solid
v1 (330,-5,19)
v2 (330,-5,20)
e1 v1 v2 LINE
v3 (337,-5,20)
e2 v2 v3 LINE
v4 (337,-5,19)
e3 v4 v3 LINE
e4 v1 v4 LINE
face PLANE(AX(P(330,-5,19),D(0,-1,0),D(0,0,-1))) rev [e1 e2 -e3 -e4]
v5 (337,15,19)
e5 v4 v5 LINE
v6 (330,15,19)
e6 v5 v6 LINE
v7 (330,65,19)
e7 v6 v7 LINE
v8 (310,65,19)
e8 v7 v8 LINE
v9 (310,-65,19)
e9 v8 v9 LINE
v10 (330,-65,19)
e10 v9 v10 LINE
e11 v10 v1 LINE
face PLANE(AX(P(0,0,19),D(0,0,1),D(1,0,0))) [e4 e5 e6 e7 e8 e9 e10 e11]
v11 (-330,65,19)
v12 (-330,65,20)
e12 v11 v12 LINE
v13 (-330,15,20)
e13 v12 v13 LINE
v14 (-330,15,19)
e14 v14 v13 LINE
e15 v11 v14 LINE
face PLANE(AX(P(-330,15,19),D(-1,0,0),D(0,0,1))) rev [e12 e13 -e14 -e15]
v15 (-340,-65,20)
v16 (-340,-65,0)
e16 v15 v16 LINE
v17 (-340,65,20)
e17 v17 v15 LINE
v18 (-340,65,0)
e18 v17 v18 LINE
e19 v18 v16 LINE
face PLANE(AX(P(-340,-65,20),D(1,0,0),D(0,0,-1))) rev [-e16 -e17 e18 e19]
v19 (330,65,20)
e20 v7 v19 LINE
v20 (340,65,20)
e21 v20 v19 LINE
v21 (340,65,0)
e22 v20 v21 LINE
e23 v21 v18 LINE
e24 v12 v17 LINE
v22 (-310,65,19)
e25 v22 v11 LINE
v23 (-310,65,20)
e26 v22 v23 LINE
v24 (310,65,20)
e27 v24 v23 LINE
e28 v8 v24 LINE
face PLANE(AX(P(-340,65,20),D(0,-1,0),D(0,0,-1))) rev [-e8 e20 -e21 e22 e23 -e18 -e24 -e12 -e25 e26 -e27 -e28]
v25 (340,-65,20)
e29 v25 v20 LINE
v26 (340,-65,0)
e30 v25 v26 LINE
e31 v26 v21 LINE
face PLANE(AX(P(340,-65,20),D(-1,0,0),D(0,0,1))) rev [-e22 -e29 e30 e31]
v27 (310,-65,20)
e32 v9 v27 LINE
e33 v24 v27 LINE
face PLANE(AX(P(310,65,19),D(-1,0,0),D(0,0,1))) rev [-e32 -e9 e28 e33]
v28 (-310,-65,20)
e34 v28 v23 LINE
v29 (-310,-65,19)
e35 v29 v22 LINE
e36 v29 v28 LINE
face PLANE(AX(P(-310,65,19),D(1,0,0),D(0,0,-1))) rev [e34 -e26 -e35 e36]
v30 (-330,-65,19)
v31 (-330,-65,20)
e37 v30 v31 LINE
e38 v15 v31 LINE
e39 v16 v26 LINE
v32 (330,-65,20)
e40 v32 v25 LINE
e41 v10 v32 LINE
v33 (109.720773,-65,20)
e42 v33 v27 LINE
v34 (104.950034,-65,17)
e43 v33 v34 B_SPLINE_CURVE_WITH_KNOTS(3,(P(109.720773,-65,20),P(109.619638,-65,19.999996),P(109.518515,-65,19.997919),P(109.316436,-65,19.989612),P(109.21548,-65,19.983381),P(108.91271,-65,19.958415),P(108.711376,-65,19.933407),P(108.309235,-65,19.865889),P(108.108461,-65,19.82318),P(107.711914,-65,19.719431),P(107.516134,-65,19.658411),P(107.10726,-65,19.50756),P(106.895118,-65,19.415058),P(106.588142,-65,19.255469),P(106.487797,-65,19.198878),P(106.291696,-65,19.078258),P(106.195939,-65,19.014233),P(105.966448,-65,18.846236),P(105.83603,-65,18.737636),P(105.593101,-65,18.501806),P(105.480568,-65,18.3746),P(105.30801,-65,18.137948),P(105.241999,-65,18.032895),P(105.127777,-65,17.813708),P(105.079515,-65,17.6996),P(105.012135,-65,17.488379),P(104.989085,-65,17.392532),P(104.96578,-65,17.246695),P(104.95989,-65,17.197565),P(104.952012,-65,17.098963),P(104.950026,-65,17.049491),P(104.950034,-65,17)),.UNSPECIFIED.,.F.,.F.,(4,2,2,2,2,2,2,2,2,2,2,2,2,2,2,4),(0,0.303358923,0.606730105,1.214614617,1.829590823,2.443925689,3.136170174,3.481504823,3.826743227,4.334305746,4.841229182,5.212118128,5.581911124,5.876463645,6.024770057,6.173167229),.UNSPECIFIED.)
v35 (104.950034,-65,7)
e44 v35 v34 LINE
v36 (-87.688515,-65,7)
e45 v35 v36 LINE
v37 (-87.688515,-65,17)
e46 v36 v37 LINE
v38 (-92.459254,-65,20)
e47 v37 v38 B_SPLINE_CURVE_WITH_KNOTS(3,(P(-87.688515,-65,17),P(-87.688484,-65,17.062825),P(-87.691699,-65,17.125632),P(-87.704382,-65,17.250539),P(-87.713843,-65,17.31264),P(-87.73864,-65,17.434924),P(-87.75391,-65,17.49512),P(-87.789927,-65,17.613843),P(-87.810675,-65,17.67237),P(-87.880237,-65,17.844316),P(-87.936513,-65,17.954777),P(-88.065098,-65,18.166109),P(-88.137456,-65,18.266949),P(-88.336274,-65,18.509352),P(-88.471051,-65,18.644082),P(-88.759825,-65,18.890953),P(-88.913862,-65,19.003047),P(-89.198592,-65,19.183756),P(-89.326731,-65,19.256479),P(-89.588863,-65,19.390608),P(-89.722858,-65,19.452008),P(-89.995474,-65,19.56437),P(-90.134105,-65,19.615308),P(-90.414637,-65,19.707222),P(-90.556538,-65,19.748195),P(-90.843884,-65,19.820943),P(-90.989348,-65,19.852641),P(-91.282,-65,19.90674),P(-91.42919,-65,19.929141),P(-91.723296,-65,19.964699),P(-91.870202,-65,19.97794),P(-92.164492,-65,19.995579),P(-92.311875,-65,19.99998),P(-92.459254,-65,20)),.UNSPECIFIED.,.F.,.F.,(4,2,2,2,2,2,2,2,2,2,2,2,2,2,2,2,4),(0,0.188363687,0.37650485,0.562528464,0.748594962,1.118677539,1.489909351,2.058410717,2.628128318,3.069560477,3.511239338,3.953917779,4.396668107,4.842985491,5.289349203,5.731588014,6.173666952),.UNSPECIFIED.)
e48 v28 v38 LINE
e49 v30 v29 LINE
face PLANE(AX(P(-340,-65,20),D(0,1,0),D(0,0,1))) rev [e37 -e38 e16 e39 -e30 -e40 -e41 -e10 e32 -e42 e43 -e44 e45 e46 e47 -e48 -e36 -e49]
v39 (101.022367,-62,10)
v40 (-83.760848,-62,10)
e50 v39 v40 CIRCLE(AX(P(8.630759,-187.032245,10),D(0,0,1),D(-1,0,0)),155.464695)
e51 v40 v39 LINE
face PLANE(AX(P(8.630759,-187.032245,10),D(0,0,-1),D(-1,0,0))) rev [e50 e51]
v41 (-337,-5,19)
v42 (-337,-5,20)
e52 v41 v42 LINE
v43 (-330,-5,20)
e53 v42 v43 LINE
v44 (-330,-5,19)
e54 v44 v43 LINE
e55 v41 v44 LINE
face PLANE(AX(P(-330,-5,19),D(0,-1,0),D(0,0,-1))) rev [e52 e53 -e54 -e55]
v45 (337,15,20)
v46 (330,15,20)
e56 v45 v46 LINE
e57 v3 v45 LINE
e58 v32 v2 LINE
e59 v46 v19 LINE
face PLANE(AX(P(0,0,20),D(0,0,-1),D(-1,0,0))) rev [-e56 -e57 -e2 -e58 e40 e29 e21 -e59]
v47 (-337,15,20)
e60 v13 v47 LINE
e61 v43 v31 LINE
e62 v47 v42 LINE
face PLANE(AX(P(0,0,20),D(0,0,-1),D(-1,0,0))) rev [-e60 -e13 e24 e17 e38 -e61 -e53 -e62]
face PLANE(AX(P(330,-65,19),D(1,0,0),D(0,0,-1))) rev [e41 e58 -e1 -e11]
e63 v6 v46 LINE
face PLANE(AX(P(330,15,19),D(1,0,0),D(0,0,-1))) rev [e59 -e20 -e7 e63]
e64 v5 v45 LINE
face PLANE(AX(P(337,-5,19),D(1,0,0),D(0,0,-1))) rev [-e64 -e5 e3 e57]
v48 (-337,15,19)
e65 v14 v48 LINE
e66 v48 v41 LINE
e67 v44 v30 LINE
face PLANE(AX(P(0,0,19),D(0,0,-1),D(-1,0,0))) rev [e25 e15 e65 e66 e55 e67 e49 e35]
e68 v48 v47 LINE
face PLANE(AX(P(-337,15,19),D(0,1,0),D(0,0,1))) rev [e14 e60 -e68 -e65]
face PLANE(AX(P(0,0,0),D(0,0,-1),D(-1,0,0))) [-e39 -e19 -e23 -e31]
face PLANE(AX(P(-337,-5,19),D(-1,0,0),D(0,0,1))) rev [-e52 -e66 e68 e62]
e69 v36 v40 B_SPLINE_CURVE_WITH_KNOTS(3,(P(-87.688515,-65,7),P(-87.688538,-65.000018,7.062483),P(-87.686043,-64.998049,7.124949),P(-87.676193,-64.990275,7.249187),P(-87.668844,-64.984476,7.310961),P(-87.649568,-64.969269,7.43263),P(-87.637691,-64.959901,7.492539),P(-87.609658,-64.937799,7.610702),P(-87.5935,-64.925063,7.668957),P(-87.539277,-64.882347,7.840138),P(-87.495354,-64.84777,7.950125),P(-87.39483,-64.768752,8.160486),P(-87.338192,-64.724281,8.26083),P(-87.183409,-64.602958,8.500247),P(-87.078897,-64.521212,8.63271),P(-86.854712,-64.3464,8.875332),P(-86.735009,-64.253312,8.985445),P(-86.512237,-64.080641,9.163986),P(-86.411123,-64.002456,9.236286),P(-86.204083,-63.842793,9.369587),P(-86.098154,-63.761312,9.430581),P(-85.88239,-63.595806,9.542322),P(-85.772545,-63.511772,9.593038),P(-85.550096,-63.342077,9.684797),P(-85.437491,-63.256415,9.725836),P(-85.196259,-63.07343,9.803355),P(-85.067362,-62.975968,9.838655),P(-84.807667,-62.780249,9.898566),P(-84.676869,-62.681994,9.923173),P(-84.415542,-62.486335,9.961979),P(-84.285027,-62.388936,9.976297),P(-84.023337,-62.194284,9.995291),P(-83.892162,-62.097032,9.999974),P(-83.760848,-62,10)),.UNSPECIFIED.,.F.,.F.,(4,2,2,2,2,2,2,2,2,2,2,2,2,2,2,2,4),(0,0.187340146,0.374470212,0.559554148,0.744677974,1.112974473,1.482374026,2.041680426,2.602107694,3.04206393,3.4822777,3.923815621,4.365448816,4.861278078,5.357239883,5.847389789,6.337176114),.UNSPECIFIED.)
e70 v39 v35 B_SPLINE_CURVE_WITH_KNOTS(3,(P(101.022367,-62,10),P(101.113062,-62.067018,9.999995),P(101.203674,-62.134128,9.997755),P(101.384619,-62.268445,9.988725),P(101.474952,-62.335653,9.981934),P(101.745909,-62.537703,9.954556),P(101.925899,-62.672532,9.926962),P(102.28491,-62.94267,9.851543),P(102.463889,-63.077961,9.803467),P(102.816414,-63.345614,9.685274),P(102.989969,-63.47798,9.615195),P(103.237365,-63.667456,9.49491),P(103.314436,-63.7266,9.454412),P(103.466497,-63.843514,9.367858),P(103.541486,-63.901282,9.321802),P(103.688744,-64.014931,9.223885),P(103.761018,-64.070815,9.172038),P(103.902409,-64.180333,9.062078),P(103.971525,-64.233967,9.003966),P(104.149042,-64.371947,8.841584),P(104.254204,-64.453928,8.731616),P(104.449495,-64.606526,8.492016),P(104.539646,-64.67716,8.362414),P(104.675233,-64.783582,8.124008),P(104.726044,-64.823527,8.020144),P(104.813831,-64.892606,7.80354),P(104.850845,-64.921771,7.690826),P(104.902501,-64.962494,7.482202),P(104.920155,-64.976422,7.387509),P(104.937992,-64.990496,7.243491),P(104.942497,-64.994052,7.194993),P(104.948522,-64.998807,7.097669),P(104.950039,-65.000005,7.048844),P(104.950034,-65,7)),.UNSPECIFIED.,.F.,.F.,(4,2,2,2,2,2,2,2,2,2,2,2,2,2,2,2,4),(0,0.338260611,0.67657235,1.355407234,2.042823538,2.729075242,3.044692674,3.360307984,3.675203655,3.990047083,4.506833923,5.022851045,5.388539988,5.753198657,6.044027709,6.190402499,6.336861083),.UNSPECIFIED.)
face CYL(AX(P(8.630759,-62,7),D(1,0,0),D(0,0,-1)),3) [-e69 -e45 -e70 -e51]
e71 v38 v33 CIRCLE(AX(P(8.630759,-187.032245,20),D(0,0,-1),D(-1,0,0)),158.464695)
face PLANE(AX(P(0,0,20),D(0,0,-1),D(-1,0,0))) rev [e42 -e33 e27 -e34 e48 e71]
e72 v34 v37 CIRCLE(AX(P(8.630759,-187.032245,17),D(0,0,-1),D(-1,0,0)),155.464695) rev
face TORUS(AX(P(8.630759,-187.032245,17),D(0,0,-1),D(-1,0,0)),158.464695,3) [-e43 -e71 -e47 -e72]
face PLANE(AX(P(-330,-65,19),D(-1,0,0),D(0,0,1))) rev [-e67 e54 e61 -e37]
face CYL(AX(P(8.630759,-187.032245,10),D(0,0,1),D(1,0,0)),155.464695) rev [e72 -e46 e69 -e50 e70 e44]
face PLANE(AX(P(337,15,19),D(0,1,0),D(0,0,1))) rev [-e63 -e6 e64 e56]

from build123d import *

# Parameters (mm, degrees)
CROQUIS1_W              = 680
CROQUIS1_H              = 130
SALIENTE_EXTRUIR1_DEPTH = 20
CORTAR_EXTRUIR6_DEPTH   = 10
REDONDEO6_R             = 3
REDONDEO7_R             = 3
CORTAR_EXTRUIR9_DEPTH   = 1
CORTAR_EXTRUIR10_DEPTH  = 1


with BuildPart() as part:
    # Croquis1 → Saliente-Extruir1 (new body)
    with BuildSketch(Plane.XY):
        Rectangle(CROQUIS1_W, CROQUIS1_H)
    extrude(amount=SALIENTE_EXTRUIR1_DEPTH)

    # Croquis4 → Cortar-Extruir6 (cut)
    with BuildSketch(Plane.XY.offset(20)):
        with BuildLine():
            Line((-87.688515054, -65), (104.950033766, -65))
            ThreePointArc((104.950033766, -65), (8.630759356, -31.56754978), (-87.688515054, -65))
        make_face()
    extrude(amount=-CORTAR_EXTRUIR6_DEPTH, mode=Mode.SUBTRACT)

    # Redondeo6
    redondeo6_edges = [part.edges().sort_by_distance(p)[0] for p in [
        (8.630759356, -31.56754978, 20),
    ]]
    fillet(redondeo6_edges, radius=REDONDEO6_R)

    # Redondeo7
    redondeo7_edges = [part.edges().sort_by_distance(p)[0] for p in [
        (8.630759356, -65, 10),
    ]]
    fillet(redondeo7_edges, radius=REDONDEO7_R)

    # Croquis5 → Cortar-Extruir9 (cut)
    with BuildSketch(Plane.XY.offset(20)):
        Polygon((310, 65), (310, -65), (330, -65), (330, -5), (337, -5), (337, 15), (330, 15), (330, 65), align=None)
    extrude(amount=-CORTAR_EXTRUIR9_DEPTH, mode=Mode.SUBTRACT)

    # Croquis6 → Cortar-Extruir10 (cut)
    with BuildSketch(Plane.XY.offset(20)):
        Polygon((-310, 65), (-310, -65), (-330, -65), (-330, -5), (-337, -5), (-337, 15), (-330, 15), (-330, 65), align=None)
    extrude(amount=-CORTAR_EXTRUIR10_DEPTH, mode=Mode.SUBTRACT)


solid = part.part
